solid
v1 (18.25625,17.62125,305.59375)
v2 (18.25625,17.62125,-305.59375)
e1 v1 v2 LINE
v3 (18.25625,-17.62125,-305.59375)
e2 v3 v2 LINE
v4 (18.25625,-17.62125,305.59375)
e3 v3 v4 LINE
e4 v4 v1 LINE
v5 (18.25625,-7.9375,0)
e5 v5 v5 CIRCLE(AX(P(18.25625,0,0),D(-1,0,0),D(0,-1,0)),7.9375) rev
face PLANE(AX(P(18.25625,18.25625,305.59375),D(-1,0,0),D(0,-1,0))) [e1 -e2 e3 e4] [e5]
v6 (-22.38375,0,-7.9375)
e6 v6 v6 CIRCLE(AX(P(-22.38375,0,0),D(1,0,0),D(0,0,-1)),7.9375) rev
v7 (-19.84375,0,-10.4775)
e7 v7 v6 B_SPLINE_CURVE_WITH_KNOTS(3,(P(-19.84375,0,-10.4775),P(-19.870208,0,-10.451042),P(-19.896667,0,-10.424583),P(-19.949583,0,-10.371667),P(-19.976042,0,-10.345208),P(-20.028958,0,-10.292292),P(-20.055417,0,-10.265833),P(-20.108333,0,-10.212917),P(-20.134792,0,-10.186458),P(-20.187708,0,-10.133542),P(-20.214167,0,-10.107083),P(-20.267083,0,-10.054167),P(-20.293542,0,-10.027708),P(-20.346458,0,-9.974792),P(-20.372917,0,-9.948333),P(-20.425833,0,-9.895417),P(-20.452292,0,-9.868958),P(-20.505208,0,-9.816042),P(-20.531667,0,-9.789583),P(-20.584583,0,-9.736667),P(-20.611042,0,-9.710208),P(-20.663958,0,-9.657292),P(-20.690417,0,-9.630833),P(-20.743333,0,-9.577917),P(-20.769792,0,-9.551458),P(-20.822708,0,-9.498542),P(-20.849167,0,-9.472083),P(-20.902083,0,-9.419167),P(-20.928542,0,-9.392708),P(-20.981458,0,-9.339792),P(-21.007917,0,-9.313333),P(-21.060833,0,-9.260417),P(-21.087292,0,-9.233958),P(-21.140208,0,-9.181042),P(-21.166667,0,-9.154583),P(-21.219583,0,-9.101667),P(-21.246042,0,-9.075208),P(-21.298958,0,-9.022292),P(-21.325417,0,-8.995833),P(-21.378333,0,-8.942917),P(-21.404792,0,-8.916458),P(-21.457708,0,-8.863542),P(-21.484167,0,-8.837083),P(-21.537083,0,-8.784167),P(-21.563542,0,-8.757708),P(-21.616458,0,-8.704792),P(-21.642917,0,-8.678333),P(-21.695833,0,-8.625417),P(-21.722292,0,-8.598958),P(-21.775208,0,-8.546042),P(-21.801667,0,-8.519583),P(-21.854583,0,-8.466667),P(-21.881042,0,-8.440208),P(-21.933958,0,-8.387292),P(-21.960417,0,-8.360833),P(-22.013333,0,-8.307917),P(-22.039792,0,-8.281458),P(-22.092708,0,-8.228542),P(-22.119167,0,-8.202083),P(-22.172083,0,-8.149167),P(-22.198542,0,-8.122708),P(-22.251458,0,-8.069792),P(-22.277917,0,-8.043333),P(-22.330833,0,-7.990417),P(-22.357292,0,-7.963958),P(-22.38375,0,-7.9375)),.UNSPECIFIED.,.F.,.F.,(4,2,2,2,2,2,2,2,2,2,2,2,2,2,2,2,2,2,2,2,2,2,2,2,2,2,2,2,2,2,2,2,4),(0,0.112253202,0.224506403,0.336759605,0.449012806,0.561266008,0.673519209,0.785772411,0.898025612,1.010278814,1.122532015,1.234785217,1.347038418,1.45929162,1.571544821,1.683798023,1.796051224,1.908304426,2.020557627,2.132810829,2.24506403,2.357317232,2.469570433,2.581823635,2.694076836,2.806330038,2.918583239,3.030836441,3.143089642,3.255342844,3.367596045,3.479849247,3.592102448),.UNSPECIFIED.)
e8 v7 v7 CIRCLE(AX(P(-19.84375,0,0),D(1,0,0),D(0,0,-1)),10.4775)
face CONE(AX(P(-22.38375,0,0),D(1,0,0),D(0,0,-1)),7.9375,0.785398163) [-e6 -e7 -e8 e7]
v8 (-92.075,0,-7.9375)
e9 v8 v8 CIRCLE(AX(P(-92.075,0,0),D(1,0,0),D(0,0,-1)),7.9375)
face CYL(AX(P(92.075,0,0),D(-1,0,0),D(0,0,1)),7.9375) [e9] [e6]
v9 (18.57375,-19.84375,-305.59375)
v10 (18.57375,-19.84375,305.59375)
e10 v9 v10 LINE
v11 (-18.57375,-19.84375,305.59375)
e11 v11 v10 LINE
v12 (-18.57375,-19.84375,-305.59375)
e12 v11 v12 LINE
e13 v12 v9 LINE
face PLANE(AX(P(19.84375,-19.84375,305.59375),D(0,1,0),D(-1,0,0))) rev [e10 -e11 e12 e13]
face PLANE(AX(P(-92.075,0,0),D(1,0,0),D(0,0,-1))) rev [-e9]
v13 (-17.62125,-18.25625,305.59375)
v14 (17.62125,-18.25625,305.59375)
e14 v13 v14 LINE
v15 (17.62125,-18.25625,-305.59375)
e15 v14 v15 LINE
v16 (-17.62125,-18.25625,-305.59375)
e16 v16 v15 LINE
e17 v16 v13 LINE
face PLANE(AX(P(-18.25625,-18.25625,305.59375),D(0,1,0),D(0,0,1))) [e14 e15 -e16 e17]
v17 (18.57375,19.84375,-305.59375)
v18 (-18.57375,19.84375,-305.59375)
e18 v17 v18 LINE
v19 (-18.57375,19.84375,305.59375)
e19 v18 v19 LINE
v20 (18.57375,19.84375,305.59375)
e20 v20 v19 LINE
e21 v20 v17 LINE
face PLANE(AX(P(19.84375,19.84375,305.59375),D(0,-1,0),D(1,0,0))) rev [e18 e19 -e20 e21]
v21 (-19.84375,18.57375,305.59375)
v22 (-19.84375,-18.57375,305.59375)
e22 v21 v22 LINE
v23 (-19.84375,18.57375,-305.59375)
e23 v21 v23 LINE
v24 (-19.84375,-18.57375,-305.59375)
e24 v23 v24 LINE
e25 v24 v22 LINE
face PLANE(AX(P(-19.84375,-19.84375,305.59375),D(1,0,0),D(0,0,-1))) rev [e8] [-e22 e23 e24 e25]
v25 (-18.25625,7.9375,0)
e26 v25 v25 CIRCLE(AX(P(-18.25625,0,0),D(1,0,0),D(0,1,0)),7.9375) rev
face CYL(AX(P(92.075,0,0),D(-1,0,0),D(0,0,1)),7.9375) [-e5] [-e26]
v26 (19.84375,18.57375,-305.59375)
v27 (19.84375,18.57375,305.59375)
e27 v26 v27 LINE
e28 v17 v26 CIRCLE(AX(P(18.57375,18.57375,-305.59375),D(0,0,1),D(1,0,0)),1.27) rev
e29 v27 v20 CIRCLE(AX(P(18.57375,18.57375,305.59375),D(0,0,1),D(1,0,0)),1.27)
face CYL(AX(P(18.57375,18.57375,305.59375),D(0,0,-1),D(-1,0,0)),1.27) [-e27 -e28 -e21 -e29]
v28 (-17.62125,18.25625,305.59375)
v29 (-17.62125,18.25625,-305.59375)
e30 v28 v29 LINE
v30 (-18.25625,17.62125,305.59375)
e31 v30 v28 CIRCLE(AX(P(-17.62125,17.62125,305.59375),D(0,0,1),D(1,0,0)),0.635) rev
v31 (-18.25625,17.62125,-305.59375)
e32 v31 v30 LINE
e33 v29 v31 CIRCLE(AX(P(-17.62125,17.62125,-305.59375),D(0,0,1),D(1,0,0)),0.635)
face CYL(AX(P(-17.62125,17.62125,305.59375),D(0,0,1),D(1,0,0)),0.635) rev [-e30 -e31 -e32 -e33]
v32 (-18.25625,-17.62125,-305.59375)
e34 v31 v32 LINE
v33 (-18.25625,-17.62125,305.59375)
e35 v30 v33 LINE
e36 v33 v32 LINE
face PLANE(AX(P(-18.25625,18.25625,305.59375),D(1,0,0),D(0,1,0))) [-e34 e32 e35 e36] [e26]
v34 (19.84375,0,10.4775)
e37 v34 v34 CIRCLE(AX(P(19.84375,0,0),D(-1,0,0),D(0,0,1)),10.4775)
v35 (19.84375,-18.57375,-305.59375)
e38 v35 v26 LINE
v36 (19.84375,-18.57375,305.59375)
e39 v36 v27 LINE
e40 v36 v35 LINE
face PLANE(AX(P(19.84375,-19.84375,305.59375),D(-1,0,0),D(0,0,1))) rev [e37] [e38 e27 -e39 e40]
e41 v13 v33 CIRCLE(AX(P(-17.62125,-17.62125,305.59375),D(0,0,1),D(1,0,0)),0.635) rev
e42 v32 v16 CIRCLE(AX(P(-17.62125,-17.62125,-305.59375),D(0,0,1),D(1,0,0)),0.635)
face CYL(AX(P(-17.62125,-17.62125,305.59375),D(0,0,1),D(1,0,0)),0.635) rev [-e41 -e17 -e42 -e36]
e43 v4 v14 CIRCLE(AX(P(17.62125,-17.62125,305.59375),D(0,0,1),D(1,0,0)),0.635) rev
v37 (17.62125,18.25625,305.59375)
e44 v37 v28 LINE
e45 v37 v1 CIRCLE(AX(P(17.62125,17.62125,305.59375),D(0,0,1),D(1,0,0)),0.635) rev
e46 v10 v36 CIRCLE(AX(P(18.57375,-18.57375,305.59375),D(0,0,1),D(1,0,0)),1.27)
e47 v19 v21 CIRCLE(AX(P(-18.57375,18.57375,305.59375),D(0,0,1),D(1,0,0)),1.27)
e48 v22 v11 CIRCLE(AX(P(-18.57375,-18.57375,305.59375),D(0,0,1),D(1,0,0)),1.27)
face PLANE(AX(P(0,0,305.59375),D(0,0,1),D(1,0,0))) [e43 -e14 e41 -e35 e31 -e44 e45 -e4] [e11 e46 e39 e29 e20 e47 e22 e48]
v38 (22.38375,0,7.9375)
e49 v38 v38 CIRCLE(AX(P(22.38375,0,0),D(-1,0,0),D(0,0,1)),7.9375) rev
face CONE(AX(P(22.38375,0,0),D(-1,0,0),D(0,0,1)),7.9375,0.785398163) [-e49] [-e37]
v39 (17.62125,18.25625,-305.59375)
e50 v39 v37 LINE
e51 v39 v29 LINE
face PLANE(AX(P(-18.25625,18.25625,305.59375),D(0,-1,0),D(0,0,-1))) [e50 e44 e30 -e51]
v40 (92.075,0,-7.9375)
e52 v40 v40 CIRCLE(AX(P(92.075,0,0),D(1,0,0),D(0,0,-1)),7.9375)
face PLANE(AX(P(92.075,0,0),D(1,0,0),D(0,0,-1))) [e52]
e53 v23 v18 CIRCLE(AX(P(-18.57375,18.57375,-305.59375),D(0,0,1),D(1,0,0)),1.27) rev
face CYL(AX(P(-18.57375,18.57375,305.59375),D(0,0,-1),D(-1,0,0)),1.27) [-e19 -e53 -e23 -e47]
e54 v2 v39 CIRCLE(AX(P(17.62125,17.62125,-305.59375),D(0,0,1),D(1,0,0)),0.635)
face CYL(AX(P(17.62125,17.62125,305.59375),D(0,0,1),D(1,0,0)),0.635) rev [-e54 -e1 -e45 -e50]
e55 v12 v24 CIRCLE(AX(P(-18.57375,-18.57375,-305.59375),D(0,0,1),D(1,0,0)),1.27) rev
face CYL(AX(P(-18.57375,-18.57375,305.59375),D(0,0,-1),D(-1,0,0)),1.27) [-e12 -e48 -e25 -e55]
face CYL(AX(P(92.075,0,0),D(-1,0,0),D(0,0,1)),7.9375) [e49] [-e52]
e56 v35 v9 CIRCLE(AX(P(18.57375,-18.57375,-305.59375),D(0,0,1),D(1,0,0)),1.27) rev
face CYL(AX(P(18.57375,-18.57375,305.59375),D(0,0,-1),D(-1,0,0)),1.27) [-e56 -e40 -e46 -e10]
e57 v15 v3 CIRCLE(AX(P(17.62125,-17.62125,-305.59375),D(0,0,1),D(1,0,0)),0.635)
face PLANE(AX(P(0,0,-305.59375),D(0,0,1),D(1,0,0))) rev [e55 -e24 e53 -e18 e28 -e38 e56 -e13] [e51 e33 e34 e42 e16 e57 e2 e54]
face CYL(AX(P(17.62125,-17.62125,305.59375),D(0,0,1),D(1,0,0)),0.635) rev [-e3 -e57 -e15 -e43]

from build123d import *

# Parameters (mm, degrees)
SKETCH1_W           = 39.6875
SKETCH1_H           = 39.6875
SKETCH1_W_2         = 36.5125
SKETCH1_H_2         = 36.5125
BOSS_EXTRUDE1_DEPTH = 305.59375
FILLET1_R           = 1.27
FILLET2_R           = 0.635
SKETCH2_R           = 7.9375
BOSS_EXTRUDE2_DEPTH = 92.075
CHAMFER1_SIZE       = 2.54


with BuildPart() as part:
    # Sketch1 → Boss-Extrude1 (new, symmetric)
    with BuildSketch(Plane.XY):
        Rectangle(SKETCH1_W, SKETCH1_H)
        Rectangle(SKETCH1_W_2, SKETCH1_H_2, mode=Mode.SUBTRACT)
    extrude(amount=BOSS_EXTRUDE1_DEPTH, both=True)

    # Fillet1
    fillet1_edges = [part.edges().sort_by_distance(p)[0] for p in [
        (-19.84375, 19.84375, 0),
        (19.84375, 19.84375, 0),
        (19.84375, -19.84375, 0),
        (-19.84375, -19.84375, 0),
    ]]
    fillet(fillet1_edges, radius=FILLET1_R)

    # Fillet2
    fillet2_edges = [part.edges().sort_by_distance(p)[0] for p in [
        (18.25625, -18.25625, 0),
        (18.25625, 18.25625, 0),
        (-18.25625, 18.25625, 0),
        (-18.25625, -18.25625, 0),
    ]]
    fillet(fillet2_edges, radius=FILLET2_R)

    # Sketch2 → Boss-Extrude2 (add, symmetric)
    with BuildSketch(Plane(origin=(0, 0, 0), x_dir=(0, 0, -1), z_dir=(1, 0, 0))):
        with Locations(Location((0, 0, 0), (0, 0, 270))):
            Circle(SKETCH2_R)
    extrude(amount=BOSS_EXTRUDE2_DEPTH, both=True)

    # Chamfer1
    chamfer1_edges = [part.edges().sort_by_distance(p)[0] for p in [
        (19.84375, 7.9375, 0),
        (-19.84375, 7.9375, 0),
    ]]
    chamfer(chamfer1_edges, length=CHAMFER1_SIZE)


solid = part.part
